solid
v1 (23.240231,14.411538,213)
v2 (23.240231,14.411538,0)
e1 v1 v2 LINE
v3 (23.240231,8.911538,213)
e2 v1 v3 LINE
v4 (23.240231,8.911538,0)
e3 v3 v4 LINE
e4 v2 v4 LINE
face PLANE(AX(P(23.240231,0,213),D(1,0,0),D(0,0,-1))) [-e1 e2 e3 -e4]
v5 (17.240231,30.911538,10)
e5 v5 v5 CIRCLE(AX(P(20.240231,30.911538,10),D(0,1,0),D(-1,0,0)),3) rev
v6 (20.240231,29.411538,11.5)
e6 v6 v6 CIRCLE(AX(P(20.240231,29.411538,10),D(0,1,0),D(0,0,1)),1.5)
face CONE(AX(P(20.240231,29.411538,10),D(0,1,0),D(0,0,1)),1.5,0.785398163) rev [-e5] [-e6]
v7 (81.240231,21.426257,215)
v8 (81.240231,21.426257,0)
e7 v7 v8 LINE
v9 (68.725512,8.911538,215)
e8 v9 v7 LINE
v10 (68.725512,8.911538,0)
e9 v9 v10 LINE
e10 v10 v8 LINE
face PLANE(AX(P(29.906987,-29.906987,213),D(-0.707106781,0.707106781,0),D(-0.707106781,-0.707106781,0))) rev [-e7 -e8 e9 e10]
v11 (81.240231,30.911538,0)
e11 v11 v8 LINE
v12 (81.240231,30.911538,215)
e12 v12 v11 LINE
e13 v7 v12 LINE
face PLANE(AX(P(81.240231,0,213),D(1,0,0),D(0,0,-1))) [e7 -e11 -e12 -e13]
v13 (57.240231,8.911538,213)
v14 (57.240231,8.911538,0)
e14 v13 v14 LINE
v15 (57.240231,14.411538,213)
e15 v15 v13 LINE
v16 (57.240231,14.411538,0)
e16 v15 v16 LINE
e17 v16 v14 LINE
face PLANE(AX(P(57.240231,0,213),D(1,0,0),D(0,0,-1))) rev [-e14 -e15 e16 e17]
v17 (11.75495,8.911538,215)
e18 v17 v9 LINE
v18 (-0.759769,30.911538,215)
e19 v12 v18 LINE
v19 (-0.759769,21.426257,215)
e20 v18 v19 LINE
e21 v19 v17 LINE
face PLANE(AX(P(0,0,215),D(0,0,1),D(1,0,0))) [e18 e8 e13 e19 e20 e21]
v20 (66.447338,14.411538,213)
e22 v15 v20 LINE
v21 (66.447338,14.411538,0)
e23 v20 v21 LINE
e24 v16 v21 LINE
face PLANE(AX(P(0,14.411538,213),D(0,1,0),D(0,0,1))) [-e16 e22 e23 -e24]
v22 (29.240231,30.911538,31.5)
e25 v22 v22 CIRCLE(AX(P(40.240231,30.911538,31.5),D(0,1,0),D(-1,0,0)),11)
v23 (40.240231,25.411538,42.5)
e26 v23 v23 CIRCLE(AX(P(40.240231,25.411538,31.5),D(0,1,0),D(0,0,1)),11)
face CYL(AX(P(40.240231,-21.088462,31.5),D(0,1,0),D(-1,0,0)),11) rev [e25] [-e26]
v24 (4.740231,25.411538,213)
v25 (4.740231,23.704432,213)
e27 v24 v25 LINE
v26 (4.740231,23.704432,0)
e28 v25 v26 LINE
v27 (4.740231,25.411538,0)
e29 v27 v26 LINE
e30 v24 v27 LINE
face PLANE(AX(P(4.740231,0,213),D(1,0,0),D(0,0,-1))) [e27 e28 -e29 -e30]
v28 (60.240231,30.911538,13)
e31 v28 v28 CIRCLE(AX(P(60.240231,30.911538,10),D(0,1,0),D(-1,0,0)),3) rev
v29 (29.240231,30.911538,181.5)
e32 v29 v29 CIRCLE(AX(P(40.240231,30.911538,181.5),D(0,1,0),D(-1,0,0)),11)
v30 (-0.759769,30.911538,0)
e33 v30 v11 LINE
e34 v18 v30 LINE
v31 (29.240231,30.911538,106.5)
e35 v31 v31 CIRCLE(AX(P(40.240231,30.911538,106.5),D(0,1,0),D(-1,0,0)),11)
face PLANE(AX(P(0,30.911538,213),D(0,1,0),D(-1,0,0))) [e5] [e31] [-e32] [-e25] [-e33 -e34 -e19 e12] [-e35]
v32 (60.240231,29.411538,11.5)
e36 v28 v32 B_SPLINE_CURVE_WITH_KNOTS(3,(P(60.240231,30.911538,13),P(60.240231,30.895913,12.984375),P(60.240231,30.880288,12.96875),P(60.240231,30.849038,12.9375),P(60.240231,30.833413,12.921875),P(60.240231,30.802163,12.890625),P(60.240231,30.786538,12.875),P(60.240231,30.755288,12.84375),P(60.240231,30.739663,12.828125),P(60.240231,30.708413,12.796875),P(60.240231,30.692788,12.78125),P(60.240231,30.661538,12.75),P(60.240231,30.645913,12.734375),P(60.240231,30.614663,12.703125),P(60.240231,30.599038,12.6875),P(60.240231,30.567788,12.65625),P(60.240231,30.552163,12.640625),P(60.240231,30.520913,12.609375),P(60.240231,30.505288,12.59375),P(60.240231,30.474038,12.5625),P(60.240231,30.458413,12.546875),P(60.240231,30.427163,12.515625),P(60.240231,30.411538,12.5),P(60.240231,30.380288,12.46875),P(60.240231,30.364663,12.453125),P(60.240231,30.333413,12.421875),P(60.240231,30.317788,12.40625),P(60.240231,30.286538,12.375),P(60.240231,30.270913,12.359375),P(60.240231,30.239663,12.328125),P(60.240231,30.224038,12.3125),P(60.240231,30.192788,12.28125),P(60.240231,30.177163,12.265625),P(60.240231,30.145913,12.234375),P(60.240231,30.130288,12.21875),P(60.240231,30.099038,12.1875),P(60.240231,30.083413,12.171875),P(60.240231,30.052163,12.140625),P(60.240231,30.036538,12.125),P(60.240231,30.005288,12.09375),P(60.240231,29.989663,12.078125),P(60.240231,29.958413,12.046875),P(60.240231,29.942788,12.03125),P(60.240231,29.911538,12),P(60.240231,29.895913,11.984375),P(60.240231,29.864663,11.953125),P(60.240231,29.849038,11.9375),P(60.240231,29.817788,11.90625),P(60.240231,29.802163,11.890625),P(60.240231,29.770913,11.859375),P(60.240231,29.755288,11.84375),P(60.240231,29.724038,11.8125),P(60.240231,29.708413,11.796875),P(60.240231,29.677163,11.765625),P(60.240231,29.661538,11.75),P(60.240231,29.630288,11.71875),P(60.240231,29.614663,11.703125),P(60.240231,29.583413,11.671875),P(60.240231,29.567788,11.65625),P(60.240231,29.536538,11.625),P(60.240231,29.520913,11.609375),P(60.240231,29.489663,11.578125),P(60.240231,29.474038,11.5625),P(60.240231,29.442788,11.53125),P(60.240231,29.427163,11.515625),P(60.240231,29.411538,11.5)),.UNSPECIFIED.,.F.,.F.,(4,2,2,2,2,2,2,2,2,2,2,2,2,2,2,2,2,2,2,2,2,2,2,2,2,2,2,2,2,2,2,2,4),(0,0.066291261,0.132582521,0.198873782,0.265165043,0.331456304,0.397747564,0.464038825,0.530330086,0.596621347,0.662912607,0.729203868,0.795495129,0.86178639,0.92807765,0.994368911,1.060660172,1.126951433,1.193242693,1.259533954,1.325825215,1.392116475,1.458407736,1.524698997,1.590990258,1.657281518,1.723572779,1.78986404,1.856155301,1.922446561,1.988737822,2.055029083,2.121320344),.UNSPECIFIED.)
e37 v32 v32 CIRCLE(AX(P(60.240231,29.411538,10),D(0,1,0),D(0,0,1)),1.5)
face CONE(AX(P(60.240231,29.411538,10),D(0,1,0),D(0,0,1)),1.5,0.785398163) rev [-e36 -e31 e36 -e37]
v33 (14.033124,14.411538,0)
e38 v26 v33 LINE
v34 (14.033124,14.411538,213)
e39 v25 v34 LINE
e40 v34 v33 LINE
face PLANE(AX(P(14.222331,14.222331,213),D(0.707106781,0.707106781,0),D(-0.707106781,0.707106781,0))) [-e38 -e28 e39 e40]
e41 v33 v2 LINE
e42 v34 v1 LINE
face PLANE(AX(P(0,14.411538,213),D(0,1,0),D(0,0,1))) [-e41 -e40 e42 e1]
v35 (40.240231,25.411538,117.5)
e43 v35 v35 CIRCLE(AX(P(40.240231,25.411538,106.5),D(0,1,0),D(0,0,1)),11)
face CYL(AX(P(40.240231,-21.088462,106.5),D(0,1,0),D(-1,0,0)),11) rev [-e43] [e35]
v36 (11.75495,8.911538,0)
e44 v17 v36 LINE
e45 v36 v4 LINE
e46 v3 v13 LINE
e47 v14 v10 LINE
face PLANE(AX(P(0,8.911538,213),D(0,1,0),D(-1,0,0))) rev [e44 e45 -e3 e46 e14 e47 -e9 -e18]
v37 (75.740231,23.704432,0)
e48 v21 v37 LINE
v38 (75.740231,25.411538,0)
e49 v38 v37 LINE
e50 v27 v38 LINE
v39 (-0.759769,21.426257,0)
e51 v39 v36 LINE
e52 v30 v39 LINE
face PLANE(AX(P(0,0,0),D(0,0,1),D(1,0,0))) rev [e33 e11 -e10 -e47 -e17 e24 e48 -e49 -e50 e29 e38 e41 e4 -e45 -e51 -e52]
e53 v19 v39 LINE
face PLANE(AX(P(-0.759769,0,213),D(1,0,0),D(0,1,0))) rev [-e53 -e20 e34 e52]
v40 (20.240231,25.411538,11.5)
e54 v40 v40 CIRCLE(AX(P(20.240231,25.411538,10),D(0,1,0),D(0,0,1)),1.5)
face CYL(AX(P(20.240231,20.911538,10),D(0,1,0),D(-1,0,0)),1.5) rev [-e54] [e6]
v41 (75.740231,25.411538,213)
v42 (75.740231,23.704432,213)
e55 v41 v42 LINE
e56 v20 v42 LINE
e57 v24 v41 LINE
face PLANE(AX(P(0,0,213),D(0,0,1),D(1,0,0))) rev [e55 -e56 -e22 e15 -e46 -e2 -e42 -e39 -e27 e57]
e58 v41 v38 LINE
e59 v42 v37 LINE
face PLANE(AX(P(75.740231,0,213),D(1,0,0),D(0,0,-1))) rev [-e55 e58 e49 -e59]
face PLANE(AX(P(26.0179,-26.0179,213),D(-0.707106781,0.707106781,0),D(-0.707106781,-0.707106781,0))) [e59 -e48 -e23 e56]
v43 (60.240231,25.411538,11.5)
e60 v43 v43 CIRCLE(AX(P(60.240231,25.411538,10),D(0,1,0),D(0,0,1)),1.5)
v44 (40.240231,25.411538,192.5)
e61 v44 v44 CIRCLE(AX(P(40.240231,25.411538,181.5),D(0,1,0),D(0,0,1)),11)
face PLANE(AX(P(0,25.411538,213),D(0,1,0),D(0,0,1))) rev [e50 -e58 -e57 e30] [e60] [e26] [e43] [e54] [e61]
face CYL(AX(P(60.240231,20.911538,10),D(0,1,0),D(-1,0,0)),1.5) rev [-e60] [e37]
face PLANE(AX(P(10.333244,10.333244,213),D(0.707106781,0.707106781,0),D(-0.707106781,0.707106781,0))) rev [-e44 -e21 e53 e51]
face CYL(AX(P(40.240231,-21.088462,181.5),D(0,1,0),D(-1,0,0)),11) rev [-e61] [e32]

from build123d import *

# Parameters (mm, degrees)
BOSS_EXTRUDE2_DEPTH = 213
BOSS_EXTRUDE4_DEPTH = 2
SKETCH4_R           = 1.5
CUT_EXTRUDE1_DEPTH  = 10
CHAMFER2_SIZE       = 1.5
SKETCH5_R           = 11
CUT_EXTRUDE2_DEPTH  = 52


with BuildPart() as part:
    # Sketch1 → Boss-Extrude2 (new body)
    with BuildSketch(Plane.XY):
        Polygon((23.240231027, 8.911538462), (23.240231027, 14.411538462), (14.033124245, 14.411538462), (4.740231027, 23.70443168), (4.740231027, 25.411538462), (75.740231027, 25.411538462), (75.740231027, 23.70443168), (66.447337808, 14.411538462), (57.240231027, 14.411538462), (57.240231027, 8.911538462), (68.725512401, 8.911538462), (81.240231027, 21.426257087), (81.240231027, 30.911538462), (-0.759768973, 30.911538462), (-0.759768973, 21.426257087), (11.754949652, 8.911538462), align=None)
    extrude(amount=BOSS_EXTRUDE2_DEPTH)

    # Sketch3 → Boss-Extrude4 (add)
    with BuildSketch(Plane.XY.offset(213)):
        Polygon((-0.759768973, 30.911538462), (-0.759768973, 21.426257087), (11.754949652, 8.911538462), (23.240231027, 8.911538462), (57.240231027, 8.911538462), (68.725512401, 8.911538462), (81.240231027, 21.426257087), (81.240231027, 30.911538462), align=None)
    extrude(amount=BOSS_EXTRUDE4_DEPTH)

    # Sketch4 → Cut-Extrude1 (cut)
    with BuildSketch(Plane(origin=(0, 30.911538462, 0), x_dir=(1, 0, 0), z_dir=(0, 1, 0))):
        with Locations(Location((60.240231027, -10, 0), (0, 0, 180))):
            Circle(SKETCH4_R)
        with Locations(Location((20.240231027, -10, 0), (0, 0, 270))):
            Circle(SKETCH4_R)
    extrude(amount=-CUT_EXTRUDE1_DEPTH, mode=Mode.SUBTRACT)

    # Chamfer2
    chamfer2_edges = [part.edges().sort_by_distance(p)[0] for p in [
        (61.740231027, 30.911538462, 10),
        (20.240231027, 30.911538462, 8.5),
    ]]
    chamfer(chamfer2_edges, length=CHAMFER2_SIZE)

    # Sketch5 → Cut-Extrude2 (cut)
    with BuildSketch(Plane(origin=(0, 30.911538462, 0), x_dir=(1, 0, 0), z_dir=(0, 1, 0))):
        with Locations(Location((40.240231027, -31.5, 0), (0, 0, 180))):
            Circle(SKETCH5_R)
        with Locations(Location((40.240231027, -106.5, 0), (0, 0, 180))):
            Circle(SKETCH5_R)
        with Locations(Location((40.240231027, -181.5, 0), (0, 0, 180))):
            Circle(SKETCH5_R)
    extrude(amount=-CUT_EXTRUDE2_DEPTH, mode=Mode.SUBTRACT)


solid = part.part
